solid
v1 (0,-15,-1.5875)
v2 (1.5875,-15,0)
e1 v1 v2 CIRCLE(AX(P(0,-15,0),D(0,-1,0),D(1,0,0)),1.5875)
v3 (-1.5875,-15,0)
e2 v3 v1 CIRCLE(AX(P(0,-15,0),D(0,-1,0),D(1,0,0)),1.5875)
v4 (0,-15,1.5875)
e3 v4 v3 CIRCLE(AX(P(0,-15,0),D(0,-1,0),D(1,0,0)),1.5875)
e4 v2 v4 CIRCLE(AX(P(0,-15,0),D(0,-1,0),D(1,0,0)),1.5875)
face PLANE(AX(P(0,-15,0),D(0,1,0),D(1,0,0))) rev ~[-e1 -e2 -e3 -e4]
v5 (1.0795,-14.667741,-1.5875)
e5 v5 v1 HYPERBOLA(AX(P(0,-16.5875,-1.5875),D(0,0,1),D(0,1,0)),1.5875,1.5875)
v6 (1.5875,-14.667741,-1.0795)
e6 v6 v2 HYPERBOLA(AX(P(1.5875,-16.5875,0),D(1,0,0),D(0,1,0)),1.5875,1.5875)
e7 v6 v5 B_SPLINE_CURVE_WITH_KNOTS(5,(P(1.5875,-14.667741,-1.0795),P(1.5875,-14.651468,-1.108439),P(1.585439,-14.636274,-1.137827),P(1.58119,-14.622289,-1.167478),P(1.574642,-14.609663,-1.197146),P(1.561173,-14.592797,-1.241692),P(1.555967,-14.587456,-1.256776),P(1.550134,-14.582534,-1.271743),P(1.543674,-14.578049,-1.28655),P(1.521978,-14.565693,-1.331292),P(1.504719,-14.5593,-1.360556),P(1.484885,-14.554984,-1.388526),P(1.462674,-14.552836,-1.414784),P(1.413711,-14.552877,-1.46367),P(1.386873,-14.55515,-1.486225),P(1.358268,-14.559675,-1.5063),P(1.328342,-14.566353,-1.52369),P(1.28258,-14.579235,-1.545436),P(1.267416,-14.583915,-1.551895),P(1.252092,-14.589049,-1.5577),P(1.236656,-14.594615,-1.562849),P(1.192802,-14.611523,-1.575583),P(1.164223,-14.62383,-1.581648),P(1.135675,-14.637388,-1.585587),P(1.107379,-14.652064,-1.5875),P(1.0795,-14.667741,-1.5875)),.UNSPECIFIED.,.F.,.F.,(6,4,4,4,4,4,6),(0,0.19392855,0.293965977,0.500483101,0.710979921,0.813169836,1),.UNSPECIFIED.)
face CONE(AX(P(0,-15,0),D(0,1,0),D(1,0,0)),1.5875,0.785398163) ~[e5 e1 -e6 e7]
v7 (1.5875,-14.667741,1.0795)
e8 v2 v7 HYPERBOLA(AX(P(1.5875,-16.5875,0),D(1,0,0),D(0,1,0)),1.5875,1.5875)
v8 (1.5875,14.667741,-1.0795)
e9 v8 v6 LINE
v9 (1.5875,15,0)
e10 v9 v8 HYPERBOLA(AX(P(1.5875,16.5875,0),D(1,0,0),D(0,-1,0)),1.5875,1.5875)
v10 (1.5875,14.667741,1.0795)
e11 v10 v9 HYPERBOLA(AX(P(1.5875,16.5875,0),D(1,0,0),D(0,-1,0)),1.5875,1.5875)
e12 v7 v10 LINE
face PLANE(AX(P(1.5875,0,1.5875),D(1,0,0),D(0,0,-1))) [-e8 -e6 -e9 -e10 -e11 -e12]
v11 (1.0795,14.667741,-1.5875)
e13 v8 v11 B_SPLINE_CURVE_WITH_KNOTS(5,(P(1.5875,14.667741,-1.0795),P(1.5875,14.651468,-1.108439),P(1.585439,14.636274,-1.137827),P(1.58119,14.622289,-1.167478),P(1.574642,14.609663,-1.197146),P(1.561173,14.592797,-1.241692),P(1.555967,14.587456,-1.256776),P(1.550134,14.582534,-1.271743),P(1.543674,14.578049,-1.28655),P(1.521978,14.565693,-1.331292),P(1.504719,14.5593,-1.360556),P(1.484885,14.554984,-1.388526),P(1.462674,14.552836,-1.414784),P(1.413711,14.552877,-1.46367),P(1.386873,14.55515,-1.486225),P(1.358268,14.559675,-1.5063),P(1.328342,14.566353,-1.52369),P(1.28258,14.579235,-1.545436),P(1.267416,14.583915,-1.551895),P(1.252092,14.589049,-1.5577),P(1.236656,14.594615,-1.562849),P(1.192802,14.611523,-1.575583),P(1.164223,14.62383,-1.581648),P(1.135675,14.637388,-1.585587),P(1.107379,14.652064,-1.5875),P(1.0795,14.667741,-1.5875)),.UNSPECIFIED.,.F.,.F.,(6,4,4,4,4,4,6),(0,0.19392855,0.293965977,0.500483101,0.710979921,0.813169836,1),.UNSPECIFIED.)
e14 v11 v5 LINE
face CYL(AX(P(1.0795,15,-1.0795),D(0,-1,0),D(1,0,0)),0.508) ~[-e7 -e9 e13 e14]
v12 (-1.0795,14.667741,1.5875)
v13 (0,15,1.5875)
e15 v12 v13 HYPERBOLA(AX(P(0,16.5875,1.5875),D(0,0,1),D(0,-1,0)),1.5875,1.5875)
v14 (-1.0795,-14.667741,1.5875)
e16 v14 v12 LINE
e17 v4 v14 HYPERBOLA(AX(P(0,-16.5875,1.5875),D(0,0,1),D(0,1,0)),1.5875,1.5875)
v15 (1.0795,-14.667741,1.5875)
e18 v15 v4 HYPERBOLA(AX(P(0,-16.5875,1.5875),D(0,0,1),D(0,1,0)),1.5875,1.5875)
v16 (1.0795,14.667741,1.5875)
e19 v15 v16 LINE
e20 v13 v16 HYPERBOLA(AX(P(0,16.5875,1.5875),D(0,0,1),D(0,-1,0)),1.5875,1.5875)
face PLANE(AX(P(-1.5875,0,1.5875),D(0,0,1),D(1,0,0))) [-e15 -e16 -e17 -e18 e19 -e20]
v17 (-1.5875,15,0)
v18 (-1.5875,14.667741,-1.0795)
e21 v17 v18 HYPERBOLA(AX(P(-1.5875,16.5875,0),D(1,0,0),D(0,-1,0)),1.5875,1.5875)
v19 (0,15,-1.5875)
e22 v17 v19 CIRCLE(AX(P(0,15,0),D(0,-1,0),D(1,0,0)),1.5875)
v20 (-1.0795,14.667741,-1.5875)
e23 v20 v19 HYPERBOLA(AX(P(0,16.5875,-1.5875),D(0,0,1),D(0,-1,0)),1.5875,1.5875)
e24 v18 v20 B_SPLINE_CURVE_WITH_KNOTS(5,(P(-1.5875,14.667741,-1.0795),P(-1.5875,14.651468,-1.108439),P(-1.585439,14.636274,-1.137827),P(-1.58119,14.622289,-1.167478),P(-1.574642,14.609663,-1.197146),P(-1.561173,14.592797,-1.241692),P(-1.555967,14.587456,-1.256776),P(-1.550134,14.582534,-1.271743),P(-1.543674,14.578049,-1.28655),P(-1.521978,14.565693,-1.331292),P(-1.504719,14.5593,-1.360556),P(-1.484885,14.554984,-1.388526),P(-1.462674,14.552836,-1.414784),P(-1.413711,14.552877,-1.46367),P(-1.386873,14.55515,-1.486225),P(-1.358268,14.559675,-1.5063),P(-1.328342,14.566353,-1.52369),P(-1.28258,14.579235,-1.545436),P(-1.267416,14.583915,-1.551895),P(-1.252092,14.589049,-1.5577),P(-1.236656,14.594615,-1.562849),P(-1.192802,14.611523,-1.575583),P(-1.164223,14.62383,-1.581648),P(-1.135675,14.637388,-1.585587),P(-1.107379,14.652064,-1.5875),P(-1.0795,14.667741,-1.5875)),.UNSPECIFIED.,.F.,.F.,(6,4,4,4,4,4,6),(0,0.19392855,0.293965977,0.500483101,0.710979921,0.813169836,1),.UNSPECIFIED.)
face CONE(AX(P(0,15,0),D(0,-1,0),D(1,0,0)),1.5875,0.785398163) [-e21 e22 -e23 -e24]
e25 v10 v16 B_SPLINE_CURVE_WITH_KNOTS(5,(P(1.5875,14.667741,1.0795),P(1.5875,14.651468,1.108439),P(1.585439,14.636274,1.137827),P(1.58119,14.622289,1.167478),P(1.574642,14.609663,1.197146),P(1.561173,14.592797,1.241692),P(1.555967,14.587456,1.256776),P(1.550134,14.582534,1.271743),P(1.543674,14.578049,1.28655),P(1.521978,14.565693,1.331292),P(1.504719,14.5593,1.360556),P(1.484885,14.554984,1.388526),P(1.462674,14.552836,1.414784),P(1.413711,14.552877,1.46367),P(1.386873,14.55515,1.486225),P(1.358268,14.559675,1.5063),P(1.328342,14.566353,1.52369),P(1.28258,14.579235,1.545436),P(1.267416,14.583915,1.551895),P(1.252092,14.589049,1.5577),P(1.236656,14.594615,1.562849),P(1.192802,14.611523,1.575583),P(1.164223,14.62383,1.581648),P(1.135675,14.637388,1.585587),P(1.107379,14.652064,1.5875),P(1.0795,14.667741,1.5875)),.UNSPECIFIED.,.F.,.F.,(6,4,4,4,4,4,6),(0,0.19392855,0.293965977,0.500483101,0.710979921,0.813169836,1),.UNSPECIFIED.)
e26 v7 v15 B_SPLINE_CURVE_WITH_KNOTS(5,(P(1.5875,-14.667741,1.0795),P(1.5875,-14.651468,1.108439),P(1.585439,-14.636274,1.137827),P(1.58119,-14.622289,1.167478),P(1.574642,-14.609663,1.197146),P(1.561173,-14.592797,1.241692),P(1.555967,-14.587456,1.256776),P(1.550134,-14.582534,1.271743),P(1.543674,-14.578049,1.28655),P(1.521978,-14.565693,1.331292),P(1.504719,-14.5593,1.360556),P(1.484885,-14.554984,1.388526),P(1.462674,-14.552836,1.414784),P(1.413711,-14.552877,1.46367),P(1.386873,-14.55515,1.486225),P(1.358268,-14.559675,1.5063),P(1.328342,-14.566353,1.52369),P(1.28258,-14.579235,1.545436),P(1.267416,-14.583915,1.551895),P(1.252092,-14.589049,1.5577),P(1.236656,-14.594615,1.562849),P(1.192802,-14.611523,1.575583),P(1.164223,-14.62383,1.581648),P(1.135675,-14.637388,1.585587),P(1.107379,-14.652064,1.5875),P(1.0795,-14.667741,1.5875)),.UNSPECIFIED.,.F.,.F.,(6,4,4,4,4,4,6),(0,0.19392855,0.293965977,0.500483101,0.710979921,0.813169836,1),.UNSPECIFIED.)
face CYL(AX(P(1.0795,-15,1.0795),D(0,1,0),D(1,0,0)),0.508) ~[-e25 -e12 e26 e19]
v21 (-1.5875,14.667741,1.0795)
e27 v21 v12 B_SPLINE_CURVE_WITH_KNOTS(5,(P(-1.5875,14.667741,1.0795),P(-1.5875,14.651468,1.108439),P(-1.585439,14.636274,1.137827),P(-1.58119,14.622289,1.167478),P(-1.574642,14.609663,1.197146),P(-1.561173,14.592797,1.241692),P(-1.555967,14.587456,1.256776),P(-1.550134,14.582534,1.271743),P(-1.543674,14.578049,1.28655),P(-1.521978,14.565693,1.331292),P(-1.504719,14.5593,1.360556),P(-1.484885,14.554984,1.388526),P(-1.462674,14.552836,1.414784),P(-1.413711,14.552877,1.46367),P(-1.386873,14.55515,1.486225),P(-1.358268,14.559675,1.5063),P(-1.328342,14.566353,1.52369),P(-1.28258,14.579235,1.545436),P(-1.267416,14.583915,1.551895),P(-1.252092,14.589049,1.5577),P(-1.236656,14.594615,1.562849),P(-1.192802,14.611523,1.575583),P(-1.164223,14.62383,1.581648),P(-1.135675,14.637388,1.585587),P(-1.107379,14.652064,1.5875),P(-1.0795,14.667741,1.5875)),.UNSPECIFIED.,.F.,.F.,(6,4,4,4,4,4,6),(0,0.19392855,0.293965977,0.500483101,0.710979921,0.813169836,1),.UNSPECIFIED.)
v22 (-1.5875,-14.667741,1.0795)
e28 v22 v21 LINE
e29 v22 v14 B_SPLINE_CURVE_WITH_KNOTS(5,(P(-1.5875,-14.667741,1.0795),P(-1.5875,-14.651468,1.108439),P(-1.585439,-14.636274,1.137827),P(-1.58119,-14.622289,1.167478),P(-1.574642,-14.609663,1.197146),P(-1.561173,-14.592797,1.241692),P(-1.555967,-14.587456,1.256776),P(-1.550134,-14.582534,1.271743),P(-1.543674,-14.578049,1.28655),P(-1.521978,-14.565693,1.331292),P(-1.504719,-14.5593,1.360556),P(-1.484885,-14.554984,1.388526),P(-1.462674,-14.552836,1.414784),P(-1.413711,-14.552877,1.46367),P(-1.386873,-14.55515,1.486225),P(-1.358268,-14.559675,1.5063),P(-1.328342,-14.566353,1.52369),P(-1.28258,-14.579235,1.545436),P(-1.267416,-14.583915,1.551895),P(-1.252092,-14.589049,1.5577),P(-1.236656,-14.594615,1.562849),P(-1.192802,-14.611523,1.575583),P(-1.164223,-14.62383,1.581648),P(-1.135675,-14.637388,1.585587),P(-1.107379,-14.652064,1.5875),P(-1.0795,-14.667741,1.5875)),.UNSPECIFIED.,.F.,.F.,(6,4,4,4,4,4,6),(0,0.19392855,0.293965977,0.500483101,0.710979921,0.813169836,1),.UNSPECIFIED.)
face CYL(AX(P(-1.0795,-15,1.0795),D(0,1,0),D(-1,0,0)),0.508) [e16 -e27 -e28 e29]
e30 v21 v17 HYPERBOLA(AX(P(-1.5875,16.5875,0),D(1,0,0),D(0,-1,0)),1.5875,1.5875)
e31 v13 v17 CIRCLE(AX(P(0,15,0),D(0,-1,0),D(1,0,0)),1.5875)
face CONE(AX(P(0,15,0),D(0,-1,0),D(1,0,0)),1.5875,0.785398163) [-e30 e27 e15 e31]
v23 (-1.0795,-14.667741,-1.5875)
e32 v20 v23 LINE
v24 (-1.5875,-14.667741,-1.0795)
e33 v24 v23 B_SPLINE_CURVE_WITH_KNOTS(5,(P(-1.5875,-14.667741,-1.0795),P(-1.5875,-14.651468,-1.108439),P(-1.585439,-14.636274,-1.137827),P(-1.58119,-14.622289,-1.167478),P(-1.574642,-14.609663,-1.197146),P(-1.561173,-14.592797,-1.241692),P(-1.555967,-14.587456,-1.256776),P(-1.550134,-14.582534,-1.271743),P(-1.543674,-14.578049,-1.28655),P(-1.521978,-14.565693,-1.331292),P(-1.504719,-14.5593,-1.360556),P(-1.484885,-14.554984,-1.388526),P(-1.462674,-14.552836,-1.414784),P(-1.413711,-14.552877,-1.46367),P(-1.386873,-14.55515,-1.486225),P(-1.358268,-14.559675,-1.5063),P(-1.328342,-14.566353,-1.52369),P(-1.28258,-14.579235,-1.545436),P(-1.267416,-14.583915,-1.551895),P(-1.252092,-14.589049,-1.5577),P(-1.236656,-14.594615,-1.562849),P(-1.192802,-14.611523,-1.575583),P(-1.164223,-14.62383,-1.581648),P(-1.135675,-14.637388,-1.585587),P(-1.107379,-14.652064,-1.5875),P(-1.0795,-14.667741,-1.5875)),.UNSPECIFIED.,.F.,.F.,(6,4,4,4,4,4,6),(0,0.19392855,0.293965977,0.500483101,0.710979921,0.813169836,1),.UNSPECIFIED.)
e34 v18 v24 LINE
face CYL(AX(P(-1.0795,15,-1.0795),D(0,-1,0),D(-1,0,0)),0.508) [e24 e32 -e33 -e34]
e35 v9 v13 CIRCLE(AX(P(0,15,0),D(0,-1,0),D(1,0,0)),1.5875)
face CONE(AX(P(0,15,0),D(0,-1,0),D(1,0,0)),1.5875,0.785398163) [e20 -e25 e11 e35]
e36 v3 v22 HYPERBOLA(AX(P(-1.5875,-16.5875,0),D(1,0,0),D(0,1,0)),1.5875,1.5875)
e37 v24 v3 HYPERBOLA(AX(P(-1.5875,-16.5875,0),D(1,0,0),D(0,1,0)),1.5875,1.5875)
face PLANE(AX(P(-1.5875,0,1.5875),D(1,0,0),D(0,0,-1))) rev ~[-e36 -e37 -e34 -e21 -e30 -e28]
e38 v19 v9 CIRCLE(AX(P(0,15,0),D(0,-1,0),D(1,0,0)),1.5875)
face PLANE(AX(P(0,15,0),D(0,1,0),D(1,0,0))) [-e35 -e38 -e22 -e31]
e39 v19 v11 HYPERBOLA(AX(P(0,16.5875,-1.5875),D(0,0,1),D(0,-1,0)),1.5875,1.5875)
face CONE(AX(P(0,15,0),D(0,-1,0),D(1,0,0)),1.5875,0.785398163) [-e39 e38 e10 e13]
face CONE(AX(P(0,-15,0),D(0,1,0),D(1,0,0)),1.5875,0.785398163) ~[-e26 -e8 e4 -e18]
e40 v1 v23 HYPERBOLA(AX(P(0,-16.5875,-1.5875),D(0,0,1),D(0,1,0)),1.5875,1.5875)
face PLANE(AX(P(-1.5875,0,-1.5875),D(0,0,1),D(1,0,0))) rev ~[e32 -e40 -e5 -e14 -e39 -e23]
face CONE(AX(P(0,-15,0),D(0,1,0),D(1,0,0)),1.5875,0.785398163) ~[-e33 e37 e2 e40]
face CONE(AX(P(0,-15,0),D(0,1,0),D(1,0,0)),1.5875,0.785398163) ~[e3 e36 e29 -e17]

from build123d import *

# Parameters (mm, degrees)
SKETCH1_W           = 3.175
SKETCH1_H           = 3.175
BOSS_EXTRUDE1_DEPTH = 15
FILLET1_R           = 0.508


with BuildPart() as part:
    # Sketch1 → Boss-Extrude1 (new, symmetric)
    with BuildSketch(Plane(origin=(0, 0, 0), x_dir=(1, 0, 0), z_dir=(0, 1, 0))):
        Rectangle(SKETCH1_W, SKETCH1_H)
    extrude(amount=BOSS_EXTRUDE1_DEPTH, both=True)

    # Fillet1
    fillet1_edges = [part.edges().sort_by_distance(p)[0] for p in [
        (1.5875, 0, 1.5875),
        (-1.5875, 0, 1.5875),
        (-1.5875, 0, -1.5875),
        (1.5875, 0, -1.5875),
    ]]
    fillet(fillet1_edges, radius=FILLET1_R)

    # Sketch3 → Cut-Revolve3 (revolve, cut)
    with BuildSketch(Plane.XY):
        Polygon((1.5875, -15), (2.294606781, -14.292893219), (2.294606781, -16), (1.5875, -16), align=None)
    cut_revolve3 = revolve(axis=Axis((0, 0, 0), (0, -1, 0)), mode=Mode.SUBTRACT)

    # Mirror1: Cut-Revolve3 across plane
    add(cut_revolve3.mirror(Plane.ZX), mode=Mode.SUBTRACT)


solid = part.part
